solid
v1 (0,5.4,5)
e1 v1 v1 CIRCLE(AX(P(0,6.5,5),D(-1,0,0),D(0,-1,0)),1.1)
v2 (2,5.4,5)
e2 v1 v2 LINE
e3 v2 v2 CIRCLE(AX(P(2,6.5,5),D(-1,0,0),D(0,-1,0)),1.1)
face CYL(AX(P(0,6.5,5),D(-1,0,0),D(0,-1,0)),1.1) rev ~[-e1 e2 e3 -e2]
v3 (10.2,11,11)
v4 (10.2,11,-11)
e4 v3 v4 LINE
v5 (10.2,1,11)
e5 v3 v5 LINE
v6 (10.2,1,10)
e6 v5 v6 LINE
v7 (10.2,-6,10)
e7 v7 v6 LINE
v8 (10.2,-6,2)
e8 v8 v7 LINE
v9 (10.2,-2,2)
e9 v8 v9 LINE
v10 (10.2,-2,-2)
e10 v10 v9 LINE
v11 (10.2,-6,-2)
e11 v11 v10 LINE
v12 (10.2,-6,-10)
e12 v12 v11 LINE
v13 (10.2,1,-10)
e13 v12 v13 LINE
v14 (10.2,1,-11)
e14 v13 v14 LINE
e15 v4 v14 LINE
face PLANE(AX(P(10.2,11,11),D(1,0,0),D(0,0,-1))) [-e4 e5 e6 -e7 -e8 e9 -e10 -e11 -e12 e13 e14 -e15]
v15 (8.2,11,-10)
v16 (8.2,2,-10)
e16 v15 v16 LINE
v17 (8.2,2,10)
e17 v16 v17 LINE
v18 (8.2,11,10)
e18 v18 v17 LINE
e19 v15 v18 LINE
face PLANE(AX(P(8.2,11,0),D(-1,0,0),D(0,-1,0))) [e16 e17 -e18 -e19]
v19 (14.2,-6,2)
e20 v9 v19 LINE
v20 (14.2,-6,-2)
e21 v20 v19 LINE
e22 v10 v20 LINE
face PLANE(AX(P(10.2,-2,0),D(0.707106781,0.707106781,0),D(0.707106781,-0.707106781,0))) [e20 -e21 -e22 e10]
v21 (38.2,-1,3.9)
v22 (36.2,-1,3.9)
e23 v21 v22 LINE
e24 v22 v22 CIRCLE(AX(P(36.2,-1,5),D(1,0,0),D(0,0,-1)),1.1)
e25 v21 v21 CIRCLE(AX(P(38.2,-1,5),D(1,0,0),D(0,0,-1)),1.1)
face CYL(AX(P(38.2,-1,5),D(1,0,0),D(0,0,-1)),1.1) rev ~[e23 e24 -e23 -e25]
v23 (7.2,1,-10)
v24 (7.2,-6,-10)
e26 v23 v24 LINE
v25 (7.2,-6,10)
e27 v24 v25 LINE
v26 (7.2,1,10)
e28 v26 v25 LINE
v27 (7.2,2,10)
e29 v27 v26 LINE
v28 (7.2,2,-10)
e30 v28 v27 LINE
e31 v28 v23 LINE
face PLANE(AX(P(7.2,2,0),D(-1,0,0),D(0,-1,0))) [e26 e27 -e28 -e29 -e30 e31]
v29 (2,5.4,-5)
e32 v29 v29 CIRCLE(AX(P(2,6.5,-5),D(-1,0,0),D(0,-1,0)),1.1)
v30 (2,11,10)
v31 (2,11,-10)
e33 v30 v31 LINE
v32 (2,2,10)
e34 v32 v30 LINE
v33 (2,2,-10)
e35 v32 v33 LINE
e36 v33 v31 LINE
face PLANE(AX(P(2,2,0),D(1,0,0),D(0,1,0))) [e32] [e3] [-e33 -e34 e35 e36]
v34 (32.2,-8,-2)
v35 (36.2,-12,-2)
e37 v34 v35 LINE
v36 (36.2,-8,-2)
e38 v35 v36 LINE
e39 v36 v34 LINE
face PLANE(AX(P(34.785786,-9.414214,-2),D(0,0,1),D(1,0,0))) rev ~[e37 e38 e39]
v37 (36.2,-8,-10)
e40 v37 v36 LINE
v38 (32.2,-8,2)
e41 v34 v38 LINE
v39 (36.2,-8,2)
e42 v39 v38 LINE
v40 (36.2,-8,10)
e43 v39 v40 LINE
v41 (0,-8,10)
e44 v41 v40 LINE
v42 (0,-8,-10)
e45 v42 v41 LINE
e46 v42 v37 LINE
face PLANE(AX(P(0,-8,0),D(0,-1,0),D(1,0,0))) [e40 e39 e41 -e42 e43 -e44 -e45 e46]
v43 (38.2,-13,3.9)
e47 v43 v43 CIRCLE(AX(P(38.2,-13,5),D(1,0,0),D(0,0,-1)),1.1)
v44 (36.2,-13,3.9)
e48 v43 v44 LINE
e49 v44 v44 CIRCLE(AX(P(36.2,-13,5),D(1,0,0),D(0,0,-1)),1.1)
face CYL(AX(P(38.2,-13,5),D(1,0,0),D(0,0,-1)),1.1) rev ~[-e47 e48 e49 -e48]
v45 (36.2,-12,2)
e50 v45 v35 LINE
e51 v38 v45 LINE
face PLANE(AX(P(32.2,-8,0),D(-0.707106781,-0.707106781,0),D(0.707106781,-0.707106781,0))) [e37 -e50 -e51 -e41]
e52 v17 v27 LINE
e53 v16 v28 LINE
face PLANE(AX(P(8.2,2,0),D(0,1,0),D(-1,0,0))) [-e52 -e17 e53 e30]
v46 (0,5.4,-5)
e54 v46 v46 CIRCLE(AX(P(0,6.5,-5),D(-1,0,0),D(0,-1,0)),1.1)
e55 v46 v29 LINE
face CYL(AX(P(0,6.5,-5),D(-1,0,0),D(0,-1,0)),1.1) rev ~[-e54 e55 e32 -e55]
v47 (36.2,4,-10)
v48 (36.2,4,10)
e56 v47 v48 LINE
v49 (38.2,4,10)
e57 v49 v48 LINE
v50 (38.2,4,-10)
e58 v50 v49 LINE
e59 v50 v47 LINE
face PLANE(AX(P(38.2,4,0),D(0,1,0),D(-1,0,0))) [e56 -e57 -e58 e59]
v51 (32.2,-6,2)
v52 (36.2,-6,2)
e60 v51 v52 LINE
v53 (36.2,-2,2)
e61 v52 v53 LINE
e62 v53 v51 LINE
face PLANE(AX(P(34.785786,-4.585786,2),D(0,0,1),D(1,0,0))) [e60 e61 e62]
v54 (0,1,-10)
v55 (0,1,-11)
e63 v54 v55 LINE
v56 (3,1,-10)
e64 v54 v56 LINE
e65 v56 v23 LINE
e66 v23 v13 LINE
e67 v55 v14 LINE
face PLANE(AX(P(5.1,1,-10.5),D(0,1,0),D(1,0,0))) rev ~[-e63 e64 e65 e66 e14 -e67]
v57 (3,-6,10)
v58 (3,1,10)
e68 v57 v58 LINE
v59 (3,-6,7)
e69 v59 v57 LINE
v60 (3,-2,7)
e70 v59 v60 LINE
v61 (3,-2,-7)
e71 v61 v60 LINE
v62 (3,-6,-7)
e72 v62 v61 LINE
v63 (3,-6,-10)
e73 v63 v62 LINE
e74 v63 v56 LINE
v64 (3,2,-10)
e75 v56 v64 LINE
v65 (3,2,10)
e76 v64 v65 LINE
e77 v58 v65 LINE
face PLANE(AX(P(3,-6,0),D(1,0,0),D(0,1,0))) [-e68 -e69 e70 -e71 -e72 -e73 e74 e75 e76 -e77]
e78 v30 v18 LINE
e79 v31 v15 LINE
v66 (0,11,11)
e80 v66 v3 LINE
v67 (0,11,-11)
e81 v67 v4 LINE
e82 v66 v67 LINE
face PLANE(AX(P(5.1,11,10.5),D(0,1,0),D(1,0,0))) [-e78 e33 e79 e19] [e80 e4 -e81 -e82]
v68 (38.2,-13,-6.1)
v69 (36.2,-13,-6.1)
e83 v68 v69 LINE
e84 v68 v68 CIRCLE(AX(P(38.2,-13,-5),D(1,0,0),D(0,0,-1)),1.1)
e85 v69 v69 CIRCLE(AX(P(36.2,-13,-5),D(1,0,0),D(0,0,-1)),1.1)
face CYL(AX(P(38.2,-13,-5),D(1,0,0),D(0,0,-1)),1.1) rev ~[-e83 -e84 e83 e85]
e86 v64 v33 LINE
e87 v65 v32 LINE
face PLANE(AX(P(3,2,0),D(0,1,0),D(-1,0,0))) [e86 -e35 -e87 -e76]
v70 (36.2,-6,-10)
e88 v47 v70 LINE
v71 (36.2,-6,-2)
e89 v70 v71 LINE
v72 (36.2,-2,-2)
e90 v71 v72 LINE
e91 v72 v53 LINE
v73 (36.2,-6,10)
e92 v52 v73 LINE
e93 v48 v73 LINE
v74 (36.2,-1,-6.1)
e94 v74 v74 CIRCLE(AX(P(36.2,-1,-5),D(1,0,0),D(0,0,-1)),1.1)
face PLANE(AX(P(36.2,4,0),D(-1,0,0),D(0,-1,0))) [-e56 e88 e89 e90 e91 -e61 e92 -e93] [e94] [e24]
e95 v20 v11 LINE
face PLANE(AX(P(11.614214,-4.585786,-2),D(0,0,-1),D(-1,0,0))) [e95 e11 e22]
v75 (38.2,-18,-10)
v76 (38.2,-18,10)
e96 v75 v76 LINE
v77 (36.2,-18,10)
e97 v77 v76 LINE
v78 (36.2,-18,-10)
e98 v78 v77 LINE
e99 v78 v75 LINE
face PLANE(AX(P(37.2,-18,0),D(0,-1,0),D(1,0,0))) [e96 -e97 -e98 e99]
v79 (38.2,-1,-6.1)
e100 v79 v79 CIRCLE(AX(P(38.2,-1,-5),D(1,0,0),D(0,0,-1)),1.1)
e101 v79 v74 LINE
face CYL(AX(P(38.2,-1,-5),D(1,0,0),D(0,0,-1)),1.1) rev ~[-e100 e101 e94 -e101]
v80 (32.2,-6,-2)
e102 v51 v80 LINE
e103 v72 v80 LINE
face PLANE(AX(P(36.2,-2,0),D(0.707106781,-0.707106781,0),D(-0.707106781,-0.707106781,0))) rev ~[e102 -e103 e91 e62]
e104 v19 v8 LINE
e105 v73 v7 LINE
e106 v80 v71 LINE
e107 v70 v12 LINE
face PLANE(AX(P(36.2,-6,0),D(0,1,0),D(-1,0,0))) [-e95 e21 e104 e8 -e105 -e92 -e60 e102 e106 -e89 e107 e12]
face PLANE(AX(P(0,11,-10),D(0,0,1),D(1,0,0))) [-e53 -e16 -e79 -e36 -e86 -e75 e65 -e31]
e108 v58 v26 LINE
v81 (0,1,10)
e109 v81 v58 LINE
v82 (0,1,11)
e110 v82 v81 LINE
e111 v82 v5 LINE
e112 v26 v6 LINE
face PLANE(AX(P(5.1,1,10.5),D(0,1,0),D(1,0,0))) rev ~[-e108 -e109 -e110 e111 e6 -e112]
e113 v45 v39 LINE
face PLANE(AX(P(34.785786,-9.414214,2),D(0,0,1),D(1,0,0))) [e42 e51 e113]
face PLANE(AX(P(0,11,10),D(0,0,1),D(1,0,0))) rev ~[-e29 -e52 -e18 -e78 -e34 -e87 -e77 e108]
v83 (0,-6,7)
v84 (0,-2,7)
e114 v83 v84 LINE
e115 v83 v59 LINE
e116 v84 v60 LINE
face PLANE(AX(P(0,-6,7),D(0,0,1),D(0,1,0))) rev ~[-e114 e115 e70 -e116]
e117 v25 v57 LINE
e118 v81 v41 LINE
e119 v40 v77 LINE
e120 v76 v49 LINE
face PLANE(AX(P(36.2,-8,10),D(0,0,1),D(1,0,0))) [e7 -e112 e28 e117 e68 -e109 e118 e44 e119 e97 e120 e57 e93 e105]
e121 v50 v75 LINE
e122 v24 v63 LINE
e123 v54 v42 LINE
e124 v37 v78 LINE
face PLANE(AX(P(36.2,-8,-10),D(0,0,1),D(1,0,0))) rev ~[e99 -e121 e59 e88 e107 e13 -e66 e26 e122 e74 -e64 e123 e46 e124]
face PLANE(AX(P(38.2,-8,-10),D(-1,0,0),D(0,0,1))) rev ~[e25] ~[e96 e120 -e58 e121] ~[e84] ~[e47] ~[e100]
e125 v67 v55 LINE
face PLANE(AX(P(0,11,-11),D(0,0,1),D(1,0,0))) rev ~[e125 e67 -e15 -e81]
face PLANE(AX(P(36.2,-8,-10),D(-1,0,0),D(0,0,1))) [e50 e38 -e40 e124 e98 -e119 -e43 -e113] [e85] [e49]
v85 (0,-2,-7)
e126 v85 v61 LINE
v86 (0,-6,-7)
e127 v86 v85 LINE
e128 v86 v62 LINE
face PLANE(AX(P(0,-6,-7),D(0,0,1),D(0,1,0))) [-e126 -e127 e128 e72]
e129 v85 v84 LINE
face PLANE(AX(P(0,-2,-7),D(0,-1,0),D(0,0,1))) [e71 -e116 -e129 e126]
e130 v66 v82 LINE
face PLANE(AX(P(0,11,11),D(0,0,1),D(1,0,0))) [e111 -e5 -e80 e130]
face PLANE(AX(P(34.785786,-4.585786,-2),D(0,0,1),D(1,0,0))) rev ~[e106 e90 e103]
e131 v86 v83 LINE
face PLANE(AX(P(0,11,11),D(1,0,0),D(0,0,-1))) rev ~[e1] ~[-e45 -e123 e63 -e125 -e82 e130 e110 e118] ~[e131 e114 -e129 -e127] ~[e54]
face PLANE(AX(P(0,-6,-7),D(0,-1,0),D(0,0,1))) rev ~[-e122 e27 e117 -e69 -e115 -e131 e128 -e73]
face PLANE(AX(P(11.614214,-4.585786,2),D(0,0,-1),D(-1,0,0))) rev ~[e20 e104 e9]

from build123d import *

# Parameters (mm, degrees)
BOSS_EXTRUDE1_DEPTH = 10
SKETCH2_W           = 14
SKETCH2_H           = 4
CUT_EXTRUDE1_DEPTH  = 3
SKETCH13_R          = 1.1
CUT_EXTRUDE4_DEPTH  = 5
SKETCH14_W          = 2
SKETCH14_H          = 20
BOSS_EXTRUDE2_DEPTH = 10
BOSS_EXTRUDE3_DEPTH = 2
SKETCH17_R          = 1.1
CUT_EXTRUDE5_DEPTH  = 4
SKETCH18_W          = 10.2
SKETCH18_H          = 1
BOSS_EXTRUDE4_DEPTH = 10


with BuildPart() as part:
    # Sketch1 → Boss-Extrude1 (new, symmetric)
    with BuildSketch(Plane.XY):
        Polygon((0, 11), (0, -8), (8.2, -8), (38.2, -8), (38.2, -6), (38.2, 4), (36.2, 4), (36.2, -6), (10.2, -6), (10.2, 11), (8.2, 11), (8.2, 2), (7.2, 2), (7.2, -6), (3, -6), (3, 2), (2, 2), (2, 11), align=None)
    extrude(amount=BOSS_EXTRUDE1_DEPTH, both=True)

    # Sketch2 → Cut-Extrude1 (cut)
    with BuildSketch(Plane.ZY):
        with Locations((0, -4)):
            Rectangle(SKETCH2_W, SKETCH2_H)
    extrude(amount=-CUT_EXTRUDE1_DEPTH, mode=Mode.SUBTRACT)

    # Sketch13 → Cut-Extrude4 (cut)
    with BuildSketch(Plane.ZY):
        with Locations(Location((-5, 6.5, 0), (0, 0, 270))):
            Circle(SKETCH13_R)
        with Locations(Location((5, 6.5, 0), (0, 0, 270))):
            Circle(SKETCH13_R)
    extrude(amount=-CUT_EXTRUDE4_DEPTH, mode=Mode.SUBTRACT)

    # Sketch14 → Boss-Extrude2 (add)
    with BuildSketch(Plane.XZ.offset(8)):
        with Locations((37.2, 0)):
            Rectangle(SKETCH14_W, SKETCH14_H)
    extrude(amount=BOSS_EXTRUDE2_DEPTH)

    # Sketch15 → Boss-Extrude3 (add, symmetric)
    with BuildSketch(Plane.XY):
        Polygon((14.2, -6), (10.2, -6), (10.2, -2), align=None)
        Polygon((36.2, -6), (36.2, -2), (32.2, -6), align=None)
        Polygon((36.2, -8), (32.2, -8), (36.2, -12), align=None)
    extrude(amount=BOSS_EXTRUDE3_DEPTH, both=True)

    # Sketch17 → Cut-Extrude5 (cut)
    with BuildSketch(Plane(origin=(38.2, 0, 0), x_dir=(0, 0, -1), z_dir=(1, 0, 0))):
        with Locations((-5, -1)):
            Circle(SKETCH17_R)
        with Locations((5, -1)):
            Circle(SKETCH17_R)
        with Locations((-5, -13)):
            Circle(SKETCH17_R)
        with Locations((5, -13)):
            Circle(SKETCH17_R)
    extrude(amount=-CUT_EXTRUDE5_DEPTH, mode=Mode.SUBTRACT)

    # Sketch18 → Boss-Extrude4 (add)
    with BuildSketch(Plane(origin=(0, 11, 0), x_dir=(1, 0, 0), z_dir=(0, 1, 0))):
        with Locations((5.1, -10.5)):
            Rectangle(SKETCH18_W, SKETCH18_H)
        with Locations((5.1, 10.5)):
            Rectangle(SKETCH18_W, SKETCH18_H)
    extrude(amount=-BOSS_EXTRUDE4_DEPTH)


solid = part.part
